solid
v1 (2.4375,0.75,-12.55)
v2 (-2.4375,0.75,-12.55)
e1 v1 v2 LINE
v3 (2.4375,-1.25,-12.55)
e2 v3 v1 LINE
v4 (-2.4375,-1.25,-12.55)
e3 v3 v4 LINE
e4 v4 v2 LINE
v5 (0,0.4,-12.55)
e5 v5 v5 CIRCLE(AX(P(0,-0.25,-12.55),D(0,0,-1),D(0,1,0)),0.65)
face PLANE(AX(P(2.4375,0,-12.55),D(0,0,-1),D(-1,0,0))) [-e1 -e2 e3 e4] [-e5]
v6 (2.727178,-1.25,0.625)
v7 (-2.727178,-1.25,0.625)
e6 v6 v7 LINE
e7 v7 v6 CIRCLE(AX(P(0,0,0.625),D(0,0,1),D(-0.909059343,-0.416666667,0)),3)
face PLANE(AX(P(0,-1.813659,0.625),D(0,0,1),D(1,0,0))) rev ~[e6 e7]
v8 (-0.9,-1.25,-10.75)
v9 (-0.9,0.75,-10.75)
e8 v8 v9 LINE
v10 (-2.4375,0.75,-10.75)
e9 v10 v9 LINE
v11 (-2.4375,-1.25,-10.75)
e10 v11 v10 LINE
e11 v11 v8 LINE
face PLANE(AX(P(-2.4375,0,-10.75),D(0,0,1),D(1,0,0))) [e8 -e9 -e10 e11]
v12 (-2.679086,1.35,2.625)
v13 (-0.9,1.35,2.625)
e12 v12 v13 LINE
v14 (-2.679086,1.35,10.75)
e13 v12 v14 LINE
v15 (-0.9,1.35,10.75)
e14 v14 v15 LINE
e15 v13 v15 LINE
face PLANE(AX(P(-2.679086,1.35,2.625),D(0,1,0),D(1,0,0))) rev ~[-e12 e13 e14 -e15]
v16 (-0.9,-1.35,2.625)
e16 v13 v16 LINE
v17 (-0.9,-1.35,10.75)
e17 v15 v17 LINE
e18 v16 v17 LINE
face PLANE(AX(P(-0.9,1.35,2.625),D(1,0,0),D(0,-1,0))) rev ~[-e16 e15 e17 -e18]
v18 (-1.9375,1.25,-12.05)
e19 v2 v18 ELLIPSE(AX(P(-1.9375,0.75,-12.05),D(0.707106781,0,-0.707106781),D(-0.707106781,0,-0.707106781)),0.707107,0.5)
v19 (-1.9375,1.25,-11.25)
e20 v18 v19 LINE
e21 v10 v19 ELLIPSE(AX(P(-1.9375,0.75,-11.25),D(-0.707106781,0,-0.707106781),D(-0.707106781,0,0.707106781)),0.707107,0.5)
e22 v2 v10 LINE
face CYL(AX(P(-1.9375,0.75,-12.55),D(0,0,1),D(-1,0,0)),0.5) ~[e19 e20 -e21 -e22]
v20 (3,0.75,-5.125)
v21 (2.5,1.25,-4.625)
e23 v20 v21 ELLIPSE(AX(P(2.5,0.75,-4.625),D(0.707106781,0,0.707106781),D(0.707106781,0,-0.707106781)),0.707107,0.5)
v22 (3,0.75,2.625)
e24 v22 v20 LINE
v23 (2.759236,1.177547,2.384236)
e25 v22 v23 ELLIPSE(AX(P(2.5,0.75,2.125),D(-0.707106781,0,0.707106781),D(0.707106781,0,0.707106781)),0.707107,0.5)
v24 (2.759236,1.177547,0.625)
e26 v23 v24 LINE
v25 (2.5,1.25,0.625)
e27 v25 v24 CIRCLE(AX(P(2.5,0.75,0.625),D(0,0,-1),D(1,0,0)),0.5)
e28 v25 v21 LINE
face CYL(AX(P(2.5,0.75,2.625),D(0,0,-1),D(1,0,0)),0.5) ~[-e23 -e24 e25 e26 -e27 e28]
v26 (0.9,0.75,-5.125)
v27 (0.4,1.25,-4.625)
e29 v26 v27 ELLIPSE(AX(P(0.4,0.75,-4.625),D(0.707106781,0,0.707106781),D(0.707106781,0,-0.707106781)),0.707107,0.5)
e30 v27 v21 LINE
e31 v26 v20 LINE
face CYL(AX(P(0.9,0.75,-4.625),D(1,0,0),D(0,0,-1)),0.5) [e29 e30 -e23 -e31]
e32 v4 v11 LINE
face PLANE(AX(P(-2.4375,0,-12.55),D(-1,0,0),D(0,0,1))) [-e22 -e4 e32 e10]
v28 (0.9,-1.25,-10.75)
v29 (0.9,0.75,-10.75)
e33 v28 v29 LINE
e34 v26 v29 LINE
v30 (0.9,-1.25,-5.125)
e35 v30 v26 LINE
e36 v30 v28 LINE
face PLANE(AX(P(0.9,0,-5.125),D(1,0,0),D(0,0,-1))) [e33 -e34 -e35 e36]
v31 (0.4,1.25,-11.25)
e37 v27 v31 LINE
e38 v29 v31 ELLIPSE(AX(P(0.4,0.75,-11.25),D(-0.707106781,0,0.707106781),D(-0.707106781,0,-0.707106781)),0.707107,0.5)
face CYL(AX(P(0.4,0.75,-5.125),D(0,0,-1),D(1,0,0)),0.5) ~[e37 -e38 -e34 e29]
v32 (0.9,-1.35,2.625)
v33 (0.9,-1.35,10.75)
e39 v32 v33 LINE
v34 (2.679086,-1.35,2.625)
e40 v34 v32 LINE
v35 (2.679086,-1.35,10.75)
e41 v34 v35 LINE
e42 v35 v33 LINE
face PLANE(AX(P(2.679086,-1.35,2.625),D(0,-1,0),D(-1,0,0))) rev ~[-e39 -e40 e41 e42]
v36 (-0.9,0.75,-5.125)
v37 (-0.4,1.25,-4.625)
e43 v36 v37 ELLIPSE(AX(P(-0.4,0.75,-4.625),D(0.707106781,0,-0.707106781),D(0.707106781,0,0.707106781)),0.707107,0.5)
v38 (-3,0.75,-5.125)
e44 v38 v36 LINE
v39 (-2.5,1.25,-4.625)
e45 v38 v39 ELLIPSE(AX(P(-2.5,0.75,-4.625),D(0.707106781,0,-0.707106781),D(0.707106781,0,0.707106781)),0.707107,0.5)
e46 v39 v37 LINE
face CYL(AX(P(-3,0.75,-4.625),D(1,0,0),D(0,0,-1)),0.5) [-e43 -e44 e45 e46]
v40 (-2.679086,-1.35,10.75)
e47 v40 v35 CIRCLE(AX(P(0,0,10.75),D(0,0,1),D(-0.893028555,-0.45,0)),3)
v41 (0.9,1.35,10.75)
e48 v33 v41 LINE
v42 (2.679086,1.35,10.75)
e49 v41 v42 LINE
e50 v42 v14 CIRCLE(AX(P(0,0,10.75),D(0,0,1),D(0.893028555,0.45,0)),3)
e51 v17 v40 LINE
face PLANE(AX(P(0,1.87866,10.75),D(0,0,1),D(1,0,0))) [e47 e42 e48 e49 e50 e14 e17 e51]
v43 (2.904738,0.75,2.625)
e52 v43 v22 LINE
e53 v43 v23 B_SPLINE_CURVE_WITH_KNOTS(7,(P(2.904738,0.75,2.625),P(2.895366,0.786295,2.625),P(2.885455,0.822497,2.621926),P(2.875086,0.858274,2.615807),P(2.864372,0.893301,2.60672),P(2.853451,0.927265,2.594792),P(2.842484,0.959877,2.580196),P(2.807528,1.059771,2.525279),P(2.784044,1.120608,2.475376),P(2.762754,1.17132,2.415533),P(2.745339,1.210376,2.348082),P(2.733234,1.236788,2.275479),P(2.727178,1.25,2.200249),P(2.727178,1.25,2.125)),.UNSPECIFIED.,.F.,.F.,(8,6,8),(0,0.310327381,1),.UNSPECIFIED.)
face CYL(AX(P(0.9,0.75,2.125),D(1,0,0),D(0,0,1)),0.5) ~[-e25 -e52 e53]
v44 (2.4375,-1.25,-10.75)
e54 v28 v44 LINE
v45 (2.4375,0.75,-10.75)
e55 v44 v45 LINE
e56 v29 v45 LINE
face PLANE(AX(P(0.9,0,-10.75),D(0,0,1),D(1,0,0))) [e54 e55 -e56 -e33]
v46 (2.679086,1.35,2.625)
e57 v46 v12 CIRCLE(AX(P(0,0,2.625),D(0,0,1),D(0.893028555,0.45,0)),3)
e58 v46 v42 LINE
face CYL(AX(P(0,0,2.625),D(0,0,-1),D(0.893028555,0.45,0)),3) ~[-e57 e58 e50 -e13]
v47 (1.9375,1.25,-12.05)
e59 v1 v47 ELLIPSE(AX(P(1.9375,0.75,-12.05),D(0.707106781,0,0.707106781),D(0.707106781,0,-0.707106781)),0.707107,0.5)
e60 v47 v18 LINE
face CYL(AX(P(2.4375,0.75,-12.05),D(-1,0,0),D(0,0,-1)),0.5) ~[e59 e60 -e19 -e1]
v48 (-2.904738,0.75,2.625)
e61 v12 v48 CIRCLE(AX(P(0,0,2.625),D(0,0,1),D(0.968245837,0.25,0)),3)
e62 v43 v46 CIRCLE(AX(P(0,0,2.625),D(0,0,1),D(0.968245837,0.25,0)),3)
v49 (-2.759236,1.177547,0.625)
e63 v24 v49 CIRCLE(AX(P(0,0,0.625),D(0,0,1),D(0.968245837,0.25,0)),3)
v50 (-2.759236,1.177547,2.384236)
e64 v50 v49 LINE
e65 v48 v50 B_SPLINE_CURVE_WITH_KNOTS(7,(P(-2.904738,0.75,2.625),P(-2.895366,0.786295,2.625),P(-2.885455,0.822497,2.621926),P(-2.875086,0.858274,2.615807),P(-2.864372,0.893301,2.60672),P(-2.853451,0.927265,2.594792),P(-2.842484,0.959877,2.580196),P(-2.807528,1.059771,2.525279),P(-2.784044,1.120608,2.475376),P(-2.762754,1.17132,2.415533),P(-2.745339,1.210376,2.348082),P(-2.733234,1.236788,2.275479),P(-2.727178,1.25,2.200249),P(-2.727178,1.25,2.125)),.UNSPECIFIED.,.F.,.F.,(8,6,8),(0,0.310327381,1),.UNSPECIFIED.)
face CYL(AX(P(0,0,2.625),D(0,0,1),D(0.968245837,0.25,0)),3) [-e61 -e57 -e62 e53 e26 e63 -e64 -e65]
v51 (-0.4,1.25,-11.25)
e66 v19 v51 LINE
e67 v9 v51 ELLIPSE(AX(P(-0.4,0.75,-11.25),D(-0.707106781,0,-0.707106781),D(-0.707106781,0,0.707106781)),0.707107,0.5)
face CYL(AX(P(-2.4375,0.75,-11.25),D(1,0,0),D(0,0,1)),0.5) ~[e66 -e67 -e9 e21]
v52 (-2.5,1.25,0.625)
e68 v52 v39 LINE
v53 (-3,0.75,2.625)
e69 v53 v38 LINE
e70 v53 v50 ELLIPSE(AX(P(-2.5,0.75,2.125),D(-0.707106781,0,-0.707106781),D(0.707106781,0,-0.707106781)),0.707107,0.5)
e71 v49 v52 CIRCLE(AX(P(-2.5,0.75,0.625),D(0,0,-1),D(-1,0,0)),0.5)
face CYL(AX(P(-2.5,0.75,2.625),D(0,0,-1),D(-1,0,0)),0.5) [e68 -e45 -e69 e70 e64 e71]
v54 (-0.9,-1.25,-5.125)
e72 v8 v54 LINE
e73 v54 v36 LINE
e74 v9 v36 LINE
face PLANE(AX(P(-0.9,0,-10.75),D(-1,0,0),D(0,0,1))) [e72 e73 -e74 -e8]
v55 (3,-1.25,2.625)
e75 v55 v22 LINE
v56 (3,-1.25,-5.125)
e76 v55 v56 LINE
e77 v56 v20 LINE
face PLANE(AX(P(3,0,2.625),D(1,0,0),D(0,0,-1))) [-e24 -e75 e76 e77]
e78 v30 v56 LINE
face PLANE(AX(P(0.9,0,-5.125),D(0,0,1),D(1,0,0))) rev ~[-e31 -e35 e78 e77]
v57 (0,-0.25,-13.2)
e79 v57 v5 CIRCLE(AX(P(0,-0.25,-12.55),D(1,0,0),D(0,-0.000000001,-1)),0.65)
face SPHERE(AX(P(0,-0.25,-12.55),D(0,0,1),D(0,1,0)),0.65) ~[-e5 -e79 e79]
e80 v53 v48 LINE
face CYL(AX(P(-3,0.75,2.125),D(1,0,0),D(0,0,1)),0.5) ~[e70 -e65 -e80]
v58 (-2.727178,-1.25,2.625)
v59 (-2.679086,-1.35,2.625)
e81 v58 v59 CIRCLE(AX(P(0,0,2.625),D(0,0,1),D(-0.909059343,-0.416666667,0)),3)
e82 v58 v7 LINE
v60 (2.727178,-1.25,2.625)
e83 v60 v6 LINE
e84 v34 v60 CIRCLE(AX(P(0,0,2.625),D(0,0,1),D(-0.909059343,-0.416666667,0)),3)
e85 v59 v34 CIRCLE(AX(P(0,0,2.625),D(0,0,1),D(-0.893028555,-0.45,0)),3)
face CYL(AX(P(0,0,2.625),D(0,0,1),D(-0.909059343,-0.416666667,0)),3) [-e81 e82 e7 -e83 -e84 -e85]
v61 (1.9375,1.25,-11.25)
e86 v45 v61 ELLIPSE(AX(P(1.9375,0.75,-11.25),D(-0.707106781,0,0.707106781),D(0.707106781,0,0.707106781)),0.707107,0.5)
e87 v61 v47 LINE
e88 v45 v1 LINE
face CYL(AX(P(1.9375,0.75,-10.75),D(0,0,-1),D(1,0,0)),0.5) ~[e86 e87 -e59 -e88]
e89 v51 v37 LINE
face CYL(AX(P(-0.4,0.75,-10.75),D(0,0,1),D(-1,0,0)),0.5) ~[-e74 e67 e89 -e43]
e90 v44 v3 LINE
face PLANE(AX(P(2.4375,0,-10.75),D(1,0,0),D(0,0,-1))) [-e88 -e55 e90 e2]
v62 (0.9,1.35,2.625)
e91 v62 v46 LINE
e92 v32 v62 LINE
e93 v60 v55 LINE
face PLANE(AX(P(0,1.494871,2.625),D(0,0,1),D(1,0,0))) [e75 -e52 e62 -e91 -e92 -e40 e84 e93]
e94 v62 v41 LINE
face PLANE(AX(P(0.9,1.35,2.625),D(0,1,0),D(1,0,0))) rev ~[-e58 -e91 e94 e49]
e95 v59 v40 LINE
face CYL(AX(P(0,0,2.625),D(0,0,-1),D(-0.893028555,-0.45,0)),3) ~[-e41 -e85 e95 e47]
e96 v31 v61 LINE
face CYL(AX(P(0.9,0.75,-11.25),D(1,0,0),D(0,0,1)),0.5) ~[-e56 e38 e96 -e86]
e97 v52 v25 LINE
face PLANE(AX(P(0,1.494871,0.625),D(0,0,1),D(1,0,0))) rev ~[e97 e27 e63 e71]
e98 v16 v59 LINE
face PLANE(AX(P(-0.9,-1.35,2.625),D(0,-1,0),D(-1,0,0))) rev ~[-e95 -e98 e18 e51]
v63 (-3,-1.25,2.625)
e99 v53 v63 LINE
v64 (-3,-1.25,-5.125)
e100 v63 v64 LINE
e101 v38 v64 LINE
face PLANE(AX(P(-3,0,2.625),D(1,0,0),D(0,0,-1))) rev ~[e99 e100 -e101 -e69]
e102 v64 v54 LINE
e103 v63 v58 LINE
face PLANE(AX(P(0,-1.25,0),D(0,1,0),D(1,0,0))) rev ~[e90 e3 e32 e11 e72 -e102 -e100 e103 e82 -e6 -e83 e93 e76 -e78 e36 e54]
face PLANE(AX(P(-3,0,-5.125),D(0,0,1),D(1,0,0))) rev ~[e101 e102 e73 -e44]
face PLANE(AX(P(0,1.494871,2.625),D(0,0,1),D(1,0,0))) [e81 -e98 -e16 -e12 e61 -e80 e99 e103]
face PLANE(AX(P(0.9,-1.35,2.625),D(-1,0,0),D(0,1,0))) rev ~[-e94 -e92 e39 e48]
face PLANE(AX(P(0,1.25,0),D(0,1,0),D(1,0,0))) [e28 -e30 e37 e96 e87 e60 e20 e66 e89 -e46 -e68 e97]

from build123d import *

# Parameters (mm, degrees)
SKETCH1_W           = 1.8
SKETCH1_H           = 21.5
SKETCH1_H_2         = 5.625
SKETCH1_W_2         = 2.1
SKETCH1_H_3         = 7.75
SKETCH1_H_4         = 8.125
BOSS_EXTRUDE1_DEPTH = 1.25
FILLET1_R           = 0.5
BOSS_EXTRUDE2_DEPTH = 2
SKETCH4_W           = 1.8
SKETCH4_H           = 0.1
BOSS_EXTRUDE3_DEPTH = 8.125


with BuildPart() as part:
    # Sketch1 → Boss-Extrude1 (new body, symmetric)
    with BuildSketch(Plane(origin=(0, 0, 0), x_dir=(1, 0, 0), z_dir=(0, 1, 0))):
        Rectangle(SKETCH1_W, SKETCH1_H)
        Polygon((-2.4375, 10.75), (-0.9, 10.75), (0.9, 10.75), (2.4375, 10.75), (2.4375, 12.55), (-2.4375, 12.55), align=None)
        with Locations((0, 7.9375)):
            Rectangle(SKETCH1_W, SKETCH1_H_2)
        with Locations((-1.95, 1.25)):
            Rectangle(SKETCH1_W_2, SKETCH1_H_3)
        with Locations((1.95, 1.25)):
            Rectangle(SKETCH1_W_2, SKETCH1_H_3)
        with Locations((0, -6.6875)):
            Rectangle(SKETCH1_W, SKETCH1_H_4)
    extrude(amount=BOSS_EXTRUDE1_DEPTH, both=True)

    # Fillet1
    fillet1_edges = [part.edges().sort_by_distance(p)[0] for p in [
        (-1.95, 1.25, -5.125),
        (-3, 1.25, -1.25),
        (-1.95, 1.25, 2.625),
        (-0.9, 1.25, 6.6875),
        (0, 1.25, 10.75),
        (0.9, 1.25, 6.6875),
        (1.95, 1.25, 2.625),
        (3, 1.25, -1.25),
        (-0.9, 1.25, -7.9375),
        (1.95, 1.25, -5.125),
        (0.9, 1.25, -7.9375),
        (1.66875, 1.25, -10.75),
        (2.4375, 1.25, -11.65),
        (0, 1.25, -12.55),
        (-2.4375, 1.25, -11.65),
        (-1.66875, 1.25, -10.75),
    ]]
    fillet(fillet1_edges, radius=FILLET1_R)

    # Sketch3 → Boss-Extrude2 (add)
    with BuildSketch(Plane.XY.offset(2.625)):
        with BuildLine():
            ThreePointArc((2.90473751, 0.75), (0, 3), (-2.90473751, 0.75))
            Line((-2.90473751, 0.75), (-0.9, 0.75))
            Line((-0.9, 0.75), (0.9, 0.75))
            Line((0.9, 0.75), (2.90473751, 0.75))
        make_face()
        with BuildLine():
            Line((2.727178029, -1.25), (0.9, -1.25))
            Line((0.9, -1.25), (-0.9, -1.25))
            Line((-0.9, -1.25), (-2.727178029, -1.25))
            ThreePointArc((-2.727178029, -1.25), (0, -3), (2.727178029, -1.25))
        make_face()
    extrude(amount=-BOSS_EXTRUDE2_DEPTH)

    # Sketch4 → Boss-Extrude3 (add)
    with BuildSketch(Plane.XY.offset(2.625)):
        with BuildLine():
            ThreePointArc((2.679085665, 1.35), (0, 3), (-2.679085665, 1.35))
            Line((-2.679085665, 1.35), (-0.9, 1.35))
            Line((-0.9, 1.35), (0.9, 1.35))
            Line((0.9, 1.35), (2.679085665, 1.35))
        make_face()
        with BuildLine():
            Line((0.9, -1.35), (-0.9, -1.35))
            Line((-0.9, -1.35), (-2.679085665, -1.35))
            ThreePointArc((-2.679085665, -1.35), (0, -3), (2.679085665, -1.35))
            Line((2.679085665, -1.35), (0.9, -1.35))
        make_face()
        with BuildLine():
            Line((0.9, -1.25), (-0.9, -1.25))
            Line((-0.9, -1.25), (-0.9, 0.75))
            ThreePointArc((-0.9, 0.75), (-0.753553391, 1.103553391), (-0.4, 1.25))
            Line((-0.4, 1.25), (0.4, 1.25))
            ThreePointArc((0.4, 1.25), (0.753553391, 1.103553391), (0.9, 0.75))
            Line((0.9, 0.75), (0.9, -1.25))
        make_face()
        with BuildLine():
            Line((0.9, 1.35), (-0.9, 1.35))
            Line((-0.9, 1.35), (-0.9, 0.75))
            ThreePointArc((-0.9, 0.75), (-0.753553391, 1.103553391), (-0.4, 1.25))
            Line((-0.4, 1.25), (0.4, 1.25))
            ThreePointArc((0.4, 1.25), (0.753553391, 1.103553391), (0.9, 0.75))
            Line((0.9, 0.75), (0.9, 1.35))
        make_face()
        with Locations((0, -1.3)):
            Rectangle(SKETCH4_W, SKETCH4_H)
    extrude(amount=BOSS_EXTRUDE3_DEPTH)

    # Sketch5 one side → Revolve1 (revolve)
    with BuildSketch(Plane(origin=(0, 0, 0), x_dir=(0, 0, -1), z_dir=(1, 0, 0))):
        with BuildLine():
            Line((12.55, -0.25), (13.2, -0.25))
            ThreePointArc((13.2, -0.25), (13.009619408, 0.209619408), (12.55, 0.4))
            Line((12.55, 0.4), (12.55, -0.25))
        make_face()
    revolve(axis=Axis((0, -0.25, -12.55), (0, 0, -1)))


solid = part.part
